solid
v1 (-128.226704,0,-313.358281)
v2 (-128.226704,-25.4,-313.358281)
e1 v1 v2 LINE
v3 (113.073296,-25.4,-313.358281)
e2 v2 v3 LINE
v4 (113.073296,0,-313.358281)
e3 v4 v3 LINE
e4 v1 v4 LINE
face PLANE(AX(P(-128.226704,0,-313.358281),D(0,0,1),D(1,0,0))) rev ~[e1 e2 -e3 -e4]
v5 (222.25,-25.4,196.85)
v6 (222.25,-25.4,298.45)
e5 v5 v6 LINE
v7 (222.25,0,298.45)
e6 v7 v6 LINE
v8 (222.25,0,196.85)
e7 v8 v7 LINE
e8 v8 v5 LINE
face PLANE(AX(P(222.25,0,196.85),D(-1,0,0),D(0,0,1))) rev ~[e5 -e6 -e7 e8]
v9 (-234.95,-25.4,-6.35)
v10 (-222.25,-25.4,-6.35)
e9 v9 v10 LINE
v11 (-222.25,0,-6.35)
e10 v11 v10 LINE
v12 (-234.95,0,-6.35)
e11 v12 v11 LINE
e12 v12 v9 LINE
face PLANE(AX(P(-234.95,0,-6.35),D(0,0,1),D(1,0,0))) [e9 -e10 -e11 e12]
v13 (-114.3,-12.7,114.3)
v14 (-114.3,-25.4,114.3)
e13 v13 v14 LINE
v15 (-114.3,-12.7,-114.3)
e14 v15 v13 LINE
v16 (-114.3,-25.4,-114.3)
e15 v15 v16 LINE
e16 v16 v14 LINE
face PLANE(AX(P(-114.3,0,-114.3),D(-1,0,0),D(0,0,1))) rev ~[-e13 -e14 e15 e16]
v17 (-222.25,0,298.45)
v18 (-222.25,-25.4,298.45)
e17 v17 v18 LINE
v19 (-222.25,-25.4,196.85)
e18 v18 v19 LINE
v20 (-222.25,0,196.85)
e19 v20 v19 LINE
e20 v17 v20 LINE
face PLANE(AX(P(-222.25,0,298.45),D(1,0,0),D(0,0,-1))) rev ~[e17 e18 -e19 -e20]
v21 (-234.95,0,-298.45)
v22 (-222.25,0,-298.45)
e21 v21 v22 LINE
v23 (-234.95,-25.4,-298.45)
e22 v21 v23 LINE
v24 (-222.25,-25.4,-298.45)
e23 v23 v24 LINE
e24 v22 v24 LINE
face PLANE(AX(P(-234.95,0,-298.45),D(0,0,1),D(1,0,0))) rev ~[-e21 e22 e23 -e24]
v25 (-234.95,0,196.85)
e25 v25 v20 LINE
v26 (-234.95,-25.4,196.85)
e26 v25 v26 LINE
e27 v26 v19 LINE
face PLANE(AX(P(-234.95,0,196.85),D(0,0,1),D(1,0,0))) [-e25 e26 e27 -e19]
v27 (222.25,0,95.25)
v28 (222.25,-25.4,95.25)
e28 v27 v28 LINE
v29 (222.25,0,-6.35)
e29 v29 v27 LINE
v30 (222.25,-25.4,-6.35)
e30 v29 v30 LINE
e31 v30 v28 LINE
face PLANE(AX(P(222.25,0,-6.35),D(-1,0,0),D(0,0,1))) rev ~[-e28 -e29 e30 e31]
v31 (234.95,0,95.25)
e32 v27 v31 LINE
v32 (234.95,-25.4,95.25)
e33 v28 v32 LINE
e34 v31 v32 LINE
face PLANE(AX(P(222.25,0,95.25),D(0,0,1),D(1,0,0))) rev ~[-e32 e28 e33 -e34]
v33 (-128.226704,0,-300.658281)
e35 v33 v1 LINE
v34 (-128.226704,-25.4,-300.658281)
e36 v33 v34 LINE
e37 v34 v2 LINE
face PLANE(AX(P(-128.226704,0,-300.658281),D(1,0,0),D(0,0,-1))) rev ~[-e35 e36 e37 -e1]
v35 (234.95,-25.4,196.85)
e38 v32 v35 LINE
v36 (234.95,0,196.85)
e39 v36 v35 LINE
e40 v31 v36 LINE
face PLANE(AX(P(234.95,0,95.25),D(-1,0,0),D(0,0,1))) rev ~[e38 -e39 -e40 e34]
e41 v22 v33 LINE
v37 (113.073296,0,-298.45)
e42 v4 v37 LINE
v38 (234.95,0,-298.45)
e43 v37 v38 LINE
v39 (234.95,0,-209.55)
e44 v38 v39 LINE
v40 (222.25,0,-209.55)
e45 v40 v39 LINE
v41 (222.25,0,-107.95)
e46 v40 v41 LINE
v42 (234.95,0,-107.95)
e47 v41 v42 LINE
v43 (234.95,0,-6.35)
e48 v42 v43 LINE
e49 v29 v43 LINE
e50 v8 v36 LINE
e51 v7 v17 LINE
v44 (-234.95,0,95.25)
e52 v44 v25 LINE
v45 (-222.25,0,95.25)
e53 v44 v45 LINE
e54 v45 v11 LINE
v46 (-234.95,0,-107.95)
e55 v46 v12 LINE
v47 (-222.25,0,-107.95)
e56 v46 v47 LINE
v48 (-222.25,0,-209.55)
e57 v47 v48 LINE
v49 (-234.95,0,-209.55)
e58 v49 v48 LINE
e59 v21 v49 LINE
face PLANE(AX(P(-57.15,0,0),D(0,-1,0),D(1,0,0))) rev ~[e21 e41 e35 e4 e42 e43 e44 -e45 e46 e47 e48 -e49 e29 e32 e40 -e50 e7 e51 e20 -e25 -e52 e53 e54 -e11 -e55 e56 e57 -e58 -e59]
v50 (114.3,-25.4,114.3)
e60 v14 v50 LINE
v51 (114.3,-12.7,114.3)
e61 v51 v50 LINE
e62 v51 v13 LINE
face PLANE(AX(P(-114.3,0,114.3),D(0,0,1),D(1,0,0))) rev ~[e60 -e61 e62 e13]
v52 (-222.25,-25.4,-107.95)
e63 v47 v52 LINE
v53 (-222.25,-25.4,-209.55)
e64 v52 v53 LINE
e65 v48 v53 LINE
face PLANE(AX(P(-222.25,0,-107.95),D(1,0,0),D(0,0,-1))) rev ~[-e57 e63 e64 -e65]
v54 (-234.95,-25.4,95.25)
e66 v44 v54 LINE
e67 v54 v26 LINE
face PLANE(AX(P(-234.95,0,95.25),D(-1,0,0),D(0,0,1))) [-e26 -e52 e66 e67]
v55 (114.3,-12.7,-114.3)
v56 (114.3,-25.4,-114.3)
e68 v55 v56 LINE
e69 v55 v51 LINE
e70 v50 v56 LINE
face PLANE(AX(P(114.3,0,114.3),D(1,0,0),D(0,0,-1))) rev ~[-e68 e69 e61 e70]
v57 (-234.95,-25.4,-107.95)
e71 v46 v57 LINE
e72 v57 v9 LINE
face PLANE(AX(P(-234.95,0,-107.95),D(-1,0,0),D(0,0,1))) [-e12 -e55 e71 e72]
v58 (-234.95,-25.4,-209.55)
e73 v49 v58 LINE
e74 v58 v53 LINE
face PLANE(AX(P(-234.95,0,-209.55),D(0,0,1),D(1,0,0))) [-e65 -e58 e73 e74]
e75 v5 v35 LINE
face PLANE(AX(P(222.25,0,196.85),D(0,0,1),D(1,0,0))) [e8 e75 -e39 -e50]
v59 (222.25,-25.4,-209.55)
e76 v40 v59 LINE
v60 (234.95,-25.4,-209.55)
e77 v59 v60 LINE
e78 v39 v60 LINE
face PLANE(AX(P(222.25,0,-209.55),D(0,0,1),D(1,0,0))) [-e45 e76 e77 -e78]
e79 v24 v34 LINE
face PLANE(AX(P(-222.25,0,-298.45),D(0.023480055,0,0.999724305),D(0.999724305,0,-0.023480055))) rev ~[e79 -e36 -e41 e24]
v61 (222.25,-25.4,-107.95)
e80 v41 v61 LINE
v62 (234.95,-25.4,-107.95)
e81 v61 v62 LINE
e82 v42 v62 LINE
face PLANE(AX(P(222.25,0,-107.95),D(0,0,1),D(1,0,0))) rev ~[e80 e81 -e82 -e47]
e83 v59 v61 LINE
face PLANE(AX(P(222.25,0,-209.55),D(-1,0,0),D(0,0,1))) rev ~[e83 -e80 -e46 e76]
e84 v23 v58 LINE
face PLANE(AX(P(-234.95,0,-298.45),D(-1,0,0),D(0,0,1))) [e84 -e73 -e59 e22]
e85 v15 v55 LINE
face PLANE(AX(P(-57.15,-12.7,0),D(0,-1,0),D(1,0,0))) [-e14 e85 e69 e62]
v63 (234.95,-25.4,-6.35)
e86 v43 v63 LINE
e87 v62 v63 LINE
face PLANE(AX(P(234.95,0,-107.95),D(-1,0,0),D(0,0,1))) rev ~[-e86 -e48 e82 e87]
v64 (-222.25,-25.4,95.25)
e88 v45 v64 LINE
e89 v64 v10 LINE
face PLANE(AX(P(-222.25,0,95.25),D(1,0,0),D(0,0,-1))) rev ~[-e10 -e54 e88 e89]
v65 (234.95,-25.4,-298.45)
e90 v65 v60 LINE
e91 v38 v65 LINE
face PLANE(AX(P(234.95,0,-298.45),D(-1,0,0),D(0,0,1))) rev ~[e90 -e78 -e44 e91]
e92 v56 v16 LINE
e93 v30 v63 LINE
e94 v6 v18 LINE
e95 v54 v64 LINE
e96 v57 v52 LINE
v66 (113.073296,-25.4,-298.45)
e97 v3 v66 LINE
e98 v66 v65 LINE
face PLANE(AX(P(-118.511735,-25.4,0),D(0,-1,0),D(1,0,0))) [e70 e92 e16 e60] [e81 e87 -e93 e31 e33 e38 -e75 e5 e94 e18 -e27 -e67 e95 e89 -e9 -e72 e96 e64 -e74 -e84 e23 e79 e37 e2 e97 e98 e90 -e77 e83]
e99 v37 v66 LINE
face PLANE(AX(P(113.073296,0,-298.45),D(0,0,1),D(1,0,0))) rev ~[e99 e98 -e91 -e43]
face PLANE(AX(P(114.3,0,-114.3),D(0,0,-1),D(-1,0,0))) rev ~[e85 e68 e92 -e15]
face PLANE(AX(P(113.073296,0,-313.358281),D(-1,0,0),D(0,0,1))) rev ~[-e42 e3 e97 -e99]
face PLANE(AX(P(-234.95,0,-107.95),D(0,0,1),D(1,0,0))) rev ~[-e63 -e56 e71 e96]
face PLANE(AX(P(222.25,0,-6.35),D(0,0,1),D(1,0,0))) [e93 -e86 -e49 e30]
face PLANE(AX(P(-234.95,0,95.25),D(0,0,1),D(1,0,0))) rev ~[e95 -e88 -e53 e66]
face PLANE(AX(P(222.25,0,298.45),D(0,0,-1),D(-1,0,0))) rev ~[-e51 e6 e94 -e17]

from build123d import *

# Parameters (mm, degrees)
F0_W     = 12.7
F0_H     = 101.6
F0_H_2   = 88.9
F1_DEPTH = 25.4
F0_W_2   = 114.3
F0_H_3   = 228.6
F2_DEPTH = 12.7


with BuildPart() as f1:
    # F0 (on Front) → F1 (new body)
    with BuildSketch(Plane.XZ):
        Polygon((0, 298.45), (-222.25, 298.45), (-222.25, 196.85), (-222.25, 95.25), (-222.25, -6.35), (-222.25, -107.95), (-222.25, -209.55), (-222.25, -298.45), (0, -298.45), (0, -114.3), (-114.3, -114.3), (-114.3, 114.3), (0, 114.3), align=None)
        Polygon((222.25, 298.45), (0, 298.45), (0, 114.3), (114.3, 114.3), (114.3, -114.3), (0, -114.3), (0, -298.45), (113.073296, -298.45), (222.25, -298.45), (222.25, -209.55), (222.25, -107.95), (222.25, -6.35), (222.25, 95.25), (222.25, 196.85), align=None)
        with Locations((-228.6, 146.05)):
            Rectangle(F0_W, F0_H)
        with Locations((228.6, 146.05)):
            Rectangle(F0_W, F0_H)
        with Locations((-228.6, -57.15)):
            Rectangle(F0_W, F0_H)
        Polygon((113.073296, -298.45), (0, -298.45), (-222.25, -298.45), (-128.226704, -300.658281), (-128.226704, -313.358281), (113.073296, -313.358281), align=None)
        with Locations((228.6, -57.15)):
            Rectangle(F0_W, F0_H)
        with Locations((-228.6, -254)):
            Rectangle(F0_W, F0_H_2)
        with Locations((228.6, -254)):
            Rectangle(F0_W, F0_H_2)
    extrude(amount=F1_DEPTH)

    # F0 (on Front) → F2 (join)
    with BuildSketch(Plane.XZ):
        with Locations((-57.15, 0)):
            Rectangle(F0_W_2, F0_H_3)
        with Locations((57.15, 0)):
            Rectangle(F0_W_2, F0_H_3)
    extrude(amount=F2_DEPTH)


solid = f1.part
